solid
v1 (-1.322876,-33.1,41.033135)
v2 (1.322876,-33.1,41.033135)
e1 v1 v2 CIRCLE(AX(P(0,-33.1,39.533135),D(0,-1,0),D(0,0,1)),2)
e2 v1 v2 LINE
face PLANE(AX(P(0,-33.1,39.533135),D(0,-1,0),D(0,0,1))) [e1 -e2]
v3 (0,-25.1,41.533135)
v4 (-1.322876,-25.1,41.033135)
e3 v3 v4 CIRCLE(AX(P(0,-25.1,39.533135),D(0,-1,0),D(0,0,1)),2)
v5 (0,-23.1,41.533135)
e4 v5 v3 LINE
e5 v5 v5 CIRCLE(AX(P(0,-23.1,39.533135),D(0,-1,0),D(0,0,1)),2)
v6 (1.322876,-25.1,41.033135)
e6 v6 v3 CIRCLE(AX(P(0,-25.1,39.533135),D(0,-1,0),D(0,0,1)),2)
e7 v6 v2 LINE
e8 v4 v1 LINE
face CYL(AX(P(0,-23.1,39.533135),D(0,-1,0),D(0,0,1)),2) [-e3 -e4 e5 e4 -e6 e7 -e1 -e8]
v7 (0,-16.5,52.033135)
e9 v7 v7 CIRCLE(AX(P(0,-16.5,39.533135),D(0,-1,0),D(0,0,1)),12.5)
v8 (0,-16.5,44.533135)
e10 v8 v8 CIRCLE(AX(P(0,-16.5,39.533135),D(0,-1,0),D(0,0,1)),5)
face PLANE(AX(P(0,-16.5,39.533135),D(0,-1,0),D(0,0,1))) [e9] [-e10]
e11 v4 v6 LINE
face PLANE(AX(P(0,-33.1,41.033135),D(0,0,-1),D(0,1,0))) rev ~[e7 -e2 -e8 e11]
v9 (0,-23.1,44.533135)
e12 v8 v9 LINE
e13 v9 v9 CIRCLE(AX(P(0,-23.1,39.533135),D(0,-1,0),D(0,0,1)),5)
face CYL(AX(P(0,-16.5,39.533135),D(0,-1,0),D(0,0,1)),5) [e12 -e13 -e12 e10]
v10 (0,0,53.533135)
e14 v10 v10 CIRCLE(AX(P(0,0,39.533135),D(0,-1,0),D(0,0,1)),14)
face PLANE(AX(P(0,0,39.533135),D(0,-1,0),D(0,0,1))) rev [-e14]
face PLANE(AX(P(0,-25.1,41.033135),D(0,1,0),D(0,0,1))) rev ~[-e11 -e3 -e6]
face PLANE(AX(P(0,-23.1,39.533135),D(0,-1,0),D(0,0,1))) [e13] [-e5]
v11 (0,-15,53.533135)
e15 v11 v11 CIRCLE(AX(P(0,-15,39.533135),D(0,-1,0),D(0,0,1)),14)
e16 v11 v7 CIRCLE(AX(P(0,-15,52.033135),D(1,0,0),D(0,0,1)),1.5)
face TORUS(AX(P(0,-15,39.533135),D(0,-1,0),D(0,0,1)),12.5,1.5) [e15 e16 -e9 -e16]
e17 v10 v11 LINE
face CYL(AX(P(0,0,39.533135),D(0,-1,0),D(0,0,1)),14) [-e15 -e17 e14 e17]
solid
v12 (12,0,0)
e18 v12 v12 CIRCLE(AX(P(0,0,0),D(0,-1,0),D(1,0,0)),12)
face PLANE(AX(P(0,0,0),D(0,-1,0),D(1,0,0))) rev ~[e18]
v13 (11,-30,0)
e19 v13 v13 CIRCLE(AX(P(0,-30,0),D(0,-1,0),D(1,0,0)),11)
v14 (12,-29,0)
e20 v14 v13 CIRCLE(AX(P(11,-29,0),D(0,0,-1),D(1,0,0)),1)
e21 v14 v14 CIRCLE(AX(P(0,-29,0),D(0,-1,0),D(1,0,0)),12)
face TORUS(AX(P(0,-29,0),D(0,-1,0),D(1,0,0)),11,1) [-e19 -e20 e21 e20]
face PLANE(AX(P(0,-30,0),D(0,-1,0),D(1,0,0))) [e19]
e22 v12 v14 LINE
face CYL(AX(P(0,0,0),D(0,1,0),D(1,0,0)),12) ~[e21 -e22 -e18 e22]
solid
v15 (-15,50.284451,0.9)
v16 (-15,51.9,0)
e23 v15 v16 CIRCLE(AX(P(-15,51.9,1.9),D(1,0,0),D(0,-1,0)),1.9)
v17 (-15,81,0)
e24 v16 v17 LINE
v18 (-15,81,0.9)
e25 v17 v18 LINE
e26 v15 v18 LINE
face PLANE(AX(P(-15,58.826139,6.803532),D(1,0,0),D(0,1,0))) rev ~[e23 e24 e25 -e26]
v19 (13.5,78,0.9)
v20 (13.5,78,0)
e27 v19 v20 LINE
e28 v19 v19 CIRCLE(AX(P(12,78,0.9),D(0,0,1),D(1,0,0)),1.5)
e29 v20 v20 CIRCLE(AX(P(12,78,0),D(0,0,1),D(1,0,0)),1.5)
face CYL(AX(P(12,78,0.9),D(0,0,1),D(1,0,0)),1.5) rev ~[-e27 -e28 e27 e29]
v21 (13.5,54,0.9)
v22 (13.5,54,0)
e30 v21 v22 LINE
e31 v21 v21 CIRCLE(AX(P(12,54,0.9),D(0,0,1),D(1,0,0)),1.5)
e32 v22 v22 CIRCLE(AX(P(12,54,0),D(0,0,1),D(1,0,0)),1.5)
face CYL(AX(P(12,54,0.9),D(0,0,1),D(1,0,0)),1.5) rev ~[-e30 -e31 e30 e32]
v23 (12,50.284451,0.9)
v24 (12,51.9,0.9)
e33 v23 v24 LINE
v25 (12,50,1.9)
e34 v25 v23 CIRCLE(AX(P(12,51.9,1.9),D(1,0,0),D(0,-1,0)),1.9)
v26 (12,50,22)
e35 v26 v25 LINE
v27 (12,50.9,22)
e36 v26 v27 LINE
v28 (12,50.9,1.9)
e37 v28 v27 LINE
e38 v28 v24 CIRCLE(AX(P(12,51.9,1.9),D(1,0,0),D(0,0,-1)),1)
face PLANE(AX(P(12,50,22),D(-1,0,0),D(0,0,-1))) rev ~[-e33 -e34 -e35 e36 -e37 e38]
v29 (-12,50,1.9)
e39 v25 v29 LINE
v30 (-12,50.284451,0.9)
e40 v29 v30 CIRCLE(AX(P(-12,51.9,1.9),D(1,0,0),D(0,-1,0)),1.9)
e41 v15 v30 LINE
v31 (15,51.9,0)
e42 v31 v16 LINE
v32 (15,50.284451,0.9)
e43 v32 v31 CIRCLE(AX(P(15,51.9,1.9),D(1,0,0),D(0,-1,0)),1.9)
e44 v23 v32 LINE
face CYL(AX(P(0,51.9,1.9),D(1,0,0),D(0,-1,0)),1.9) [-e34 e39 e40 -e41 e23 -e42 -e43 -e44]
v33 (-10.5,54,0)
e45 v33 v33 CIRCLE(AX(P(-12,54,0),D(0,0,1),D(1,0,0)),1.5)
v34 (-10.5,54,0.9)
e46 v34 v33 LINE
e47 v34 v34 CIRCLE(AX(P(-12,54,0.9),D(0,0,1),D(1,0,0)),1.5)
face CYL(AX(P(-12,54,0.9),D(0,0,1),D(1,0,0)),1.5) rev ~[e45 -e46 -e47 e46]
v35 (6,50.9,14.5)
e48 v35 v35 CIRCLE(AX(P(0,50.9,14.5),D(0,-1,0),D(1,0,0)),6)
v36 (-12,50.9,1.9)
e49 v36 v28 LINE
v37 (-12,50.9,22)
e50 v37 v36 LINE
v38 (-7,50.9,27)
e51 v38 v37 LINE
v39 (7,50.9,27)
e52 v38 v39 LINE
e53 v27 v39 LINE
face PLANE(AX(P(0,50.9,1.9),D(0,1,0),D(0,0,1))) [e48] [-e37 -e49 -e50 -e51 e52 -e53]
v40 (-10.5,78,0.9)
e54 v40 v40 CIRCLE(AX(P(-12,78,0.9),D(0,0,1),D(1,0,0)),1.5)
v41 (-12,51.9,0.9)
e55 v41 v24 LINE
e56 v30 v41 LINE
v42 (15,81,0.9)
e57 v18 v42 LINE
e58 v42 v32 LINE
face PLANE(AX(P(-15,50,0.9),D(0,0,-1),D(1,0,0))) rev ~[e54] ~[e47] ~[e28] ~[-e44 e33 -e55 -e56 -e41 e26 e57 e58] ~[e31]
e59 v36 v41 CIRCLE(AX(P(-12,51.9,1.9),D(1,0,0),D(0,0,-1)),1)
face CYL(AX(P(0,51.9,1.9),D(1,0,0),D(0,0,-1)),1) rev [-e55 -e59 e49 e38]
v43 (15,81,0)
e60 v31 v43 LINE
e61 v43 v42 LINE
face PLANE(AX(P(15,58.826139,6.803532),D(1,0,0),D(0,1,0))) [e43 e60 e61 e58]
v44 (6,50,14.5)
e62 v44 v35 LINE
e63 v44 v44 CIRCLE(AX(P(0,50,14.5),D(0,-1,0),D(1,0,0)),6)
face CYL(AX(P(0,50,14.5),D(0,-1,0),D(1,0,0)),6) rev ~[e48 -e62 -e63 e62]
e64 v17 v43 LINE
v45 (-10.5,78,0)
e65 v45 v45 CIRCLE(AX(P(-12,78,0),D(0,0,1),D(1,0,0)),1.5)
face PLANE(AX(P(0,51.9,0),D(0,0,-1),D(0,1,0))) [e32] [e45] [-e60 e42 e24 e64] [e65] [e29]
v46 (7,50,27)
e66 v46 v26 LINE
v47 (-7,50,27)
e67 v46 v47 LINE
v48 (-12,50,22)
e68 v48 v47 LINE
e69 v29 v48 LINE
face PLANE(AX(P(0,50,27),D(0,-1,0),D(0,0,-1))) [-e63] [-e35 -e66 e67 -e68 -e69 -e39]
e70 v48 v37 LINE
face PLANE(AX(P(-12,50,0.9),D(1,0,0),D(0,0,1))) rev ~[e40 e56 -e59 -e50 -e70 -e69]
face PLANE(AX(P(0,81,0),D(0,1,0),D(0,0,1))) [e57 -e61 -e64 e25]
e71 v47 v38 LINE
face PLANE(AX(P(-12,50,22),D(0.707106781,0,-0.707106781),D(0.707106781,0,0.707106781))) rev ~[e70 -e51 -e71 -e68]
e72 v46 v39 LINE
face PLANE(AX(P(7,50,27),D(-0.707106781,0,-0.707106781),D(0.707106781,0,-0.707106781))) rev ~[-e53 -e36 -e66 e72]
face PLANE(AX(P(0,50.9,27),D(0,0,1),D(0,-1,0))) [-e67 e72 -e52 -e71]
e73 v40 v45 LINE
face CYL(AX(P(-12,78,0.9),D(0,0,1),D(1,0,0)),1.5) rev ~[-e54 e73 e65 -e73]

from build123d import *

# Parameters (mm, degrees)
F0_R      = 12
F1_DEPTH  = 30
F2_R      = 1
F4_DEPTH  = 15
F5_R      = 1.5
F6_DEPTH  = 12.901
F7_W      = 3
F7_H      = 1
F7_R      = 6
F8_DEPTH  = 31.001
F10_W     = 8
F10_H     = 0.5
F11_DEPTH = 12.5
F12_R     = 1.5


with BuildPart() as f1:
    # F0 (on Front) → F1 (new body)
    with BuildSketch(Plane.XZ):
        Circle(F0_R)
    extrude(amount=F1_DEPTH)

    # F2
    f2_edges = [f1.edges().sort_by_distance(p)[0] for p in [
        (-12, -30, 0),
    ]]
    fillet(f2_edges, radius=F2_R)


with BuildPart() as f4:
    # F3 (on Right) → F4 (new body, symmetric)
    with BuildSketch(Plane.YZ):
        with BuildLine():
            Line((51.9, 0), (81, 0))
            Line((81, 0), (81, 0.9))
            Line((81, 0.9), (51.9, 0.9))
            ThreePointArc((51.9, 0.9), (51.1928932188, 1.1928932188), (50.9, 1.9))
            Line((50.9, 1.9), (50.9, 27))
            Line((50.9, 27), (50, 27))
            Line((50, 27), (50, 1.9))
            ThreePointArc((50, 1.9), (50.5564971157, 0.5564971157), (51.9, 0))
        make_face()
    extrude(amount=F4_DEPTH, both=True)

    # F5 (on face) → F6 (cut, through all)
    with BuildSketch(Plane.XY.offset(0.9)):
        with Locations((-12, 78)):
            Circle(F5_R)
        with Locations((12, 78)):
            Circle(F5_R)
        with Locations((-12, 54)):
            Circle(F5_R)
        with Locations((12, 54)):
            Circle(F5_R)
    extrude(amount=-F6_DEPTH, mode=Mode.SUBTRACT)

    # F7 (on face) → F8 (cut, through all)
    with BuildSketch(Plane.XZ.offset(-50)):
        Polygon((-7, 27), (-15, 27), (-15, 1.9), (-12, 1.9), (-12, 22), align=None)
        Polygon((15, 27), (7, 27), (12, 22), (12, 1.9), (15, 1.9), align=None)
        with Locations((-13.5, 1.4)):
            Rectangle(F7_W, F7_H)
        with Locations((13.5, 1.4)):
            Rectangle(F7_W, F7_H)
        with Locations((0, 14.5)):
            Circle(F7_R)
    extrude(amount=-F8_DEPTH, mode=Mode.SUBTRACT)


with BuildPart() as f9:
    # F3 (on Right) → F9 (revolve)
    with BuildSketch(Plane.YZ):
        Polygon((-33.1, 39.5331345499), (0, 39.5331345499), (0, 53.5331345499), (-16.5, 53.5331345499), (-16.5, 44.5331345499), (-23.1, 44.5331345499), (-23.1, 41.5331345499), (-33.1, 41.5331345499), align=None)
    revolve(axis=Axis((0, -16.55, 39.5331345499), (0, -1, 0)))

    # F10 (on Right) → F11 (cut, symmetric)
    with BuildSketch(Plane.YZ):
        with Locations((-29.1, 41.2831345499)):
            Rectangle(F10_W, F10_H)
    extrude(amount=F11_DEPTH, both=True, mode=Mode.SUBTRACT)

    # F12
    f12_edges = [f9.edges().sort_by_distance(p)[0] for p in [
        (0, -16.5, 25.533135),
    ]]
    fillet(f12_edges, radius=F12_R)


solid = Compound([f1.part, f4.part, f9.part])
